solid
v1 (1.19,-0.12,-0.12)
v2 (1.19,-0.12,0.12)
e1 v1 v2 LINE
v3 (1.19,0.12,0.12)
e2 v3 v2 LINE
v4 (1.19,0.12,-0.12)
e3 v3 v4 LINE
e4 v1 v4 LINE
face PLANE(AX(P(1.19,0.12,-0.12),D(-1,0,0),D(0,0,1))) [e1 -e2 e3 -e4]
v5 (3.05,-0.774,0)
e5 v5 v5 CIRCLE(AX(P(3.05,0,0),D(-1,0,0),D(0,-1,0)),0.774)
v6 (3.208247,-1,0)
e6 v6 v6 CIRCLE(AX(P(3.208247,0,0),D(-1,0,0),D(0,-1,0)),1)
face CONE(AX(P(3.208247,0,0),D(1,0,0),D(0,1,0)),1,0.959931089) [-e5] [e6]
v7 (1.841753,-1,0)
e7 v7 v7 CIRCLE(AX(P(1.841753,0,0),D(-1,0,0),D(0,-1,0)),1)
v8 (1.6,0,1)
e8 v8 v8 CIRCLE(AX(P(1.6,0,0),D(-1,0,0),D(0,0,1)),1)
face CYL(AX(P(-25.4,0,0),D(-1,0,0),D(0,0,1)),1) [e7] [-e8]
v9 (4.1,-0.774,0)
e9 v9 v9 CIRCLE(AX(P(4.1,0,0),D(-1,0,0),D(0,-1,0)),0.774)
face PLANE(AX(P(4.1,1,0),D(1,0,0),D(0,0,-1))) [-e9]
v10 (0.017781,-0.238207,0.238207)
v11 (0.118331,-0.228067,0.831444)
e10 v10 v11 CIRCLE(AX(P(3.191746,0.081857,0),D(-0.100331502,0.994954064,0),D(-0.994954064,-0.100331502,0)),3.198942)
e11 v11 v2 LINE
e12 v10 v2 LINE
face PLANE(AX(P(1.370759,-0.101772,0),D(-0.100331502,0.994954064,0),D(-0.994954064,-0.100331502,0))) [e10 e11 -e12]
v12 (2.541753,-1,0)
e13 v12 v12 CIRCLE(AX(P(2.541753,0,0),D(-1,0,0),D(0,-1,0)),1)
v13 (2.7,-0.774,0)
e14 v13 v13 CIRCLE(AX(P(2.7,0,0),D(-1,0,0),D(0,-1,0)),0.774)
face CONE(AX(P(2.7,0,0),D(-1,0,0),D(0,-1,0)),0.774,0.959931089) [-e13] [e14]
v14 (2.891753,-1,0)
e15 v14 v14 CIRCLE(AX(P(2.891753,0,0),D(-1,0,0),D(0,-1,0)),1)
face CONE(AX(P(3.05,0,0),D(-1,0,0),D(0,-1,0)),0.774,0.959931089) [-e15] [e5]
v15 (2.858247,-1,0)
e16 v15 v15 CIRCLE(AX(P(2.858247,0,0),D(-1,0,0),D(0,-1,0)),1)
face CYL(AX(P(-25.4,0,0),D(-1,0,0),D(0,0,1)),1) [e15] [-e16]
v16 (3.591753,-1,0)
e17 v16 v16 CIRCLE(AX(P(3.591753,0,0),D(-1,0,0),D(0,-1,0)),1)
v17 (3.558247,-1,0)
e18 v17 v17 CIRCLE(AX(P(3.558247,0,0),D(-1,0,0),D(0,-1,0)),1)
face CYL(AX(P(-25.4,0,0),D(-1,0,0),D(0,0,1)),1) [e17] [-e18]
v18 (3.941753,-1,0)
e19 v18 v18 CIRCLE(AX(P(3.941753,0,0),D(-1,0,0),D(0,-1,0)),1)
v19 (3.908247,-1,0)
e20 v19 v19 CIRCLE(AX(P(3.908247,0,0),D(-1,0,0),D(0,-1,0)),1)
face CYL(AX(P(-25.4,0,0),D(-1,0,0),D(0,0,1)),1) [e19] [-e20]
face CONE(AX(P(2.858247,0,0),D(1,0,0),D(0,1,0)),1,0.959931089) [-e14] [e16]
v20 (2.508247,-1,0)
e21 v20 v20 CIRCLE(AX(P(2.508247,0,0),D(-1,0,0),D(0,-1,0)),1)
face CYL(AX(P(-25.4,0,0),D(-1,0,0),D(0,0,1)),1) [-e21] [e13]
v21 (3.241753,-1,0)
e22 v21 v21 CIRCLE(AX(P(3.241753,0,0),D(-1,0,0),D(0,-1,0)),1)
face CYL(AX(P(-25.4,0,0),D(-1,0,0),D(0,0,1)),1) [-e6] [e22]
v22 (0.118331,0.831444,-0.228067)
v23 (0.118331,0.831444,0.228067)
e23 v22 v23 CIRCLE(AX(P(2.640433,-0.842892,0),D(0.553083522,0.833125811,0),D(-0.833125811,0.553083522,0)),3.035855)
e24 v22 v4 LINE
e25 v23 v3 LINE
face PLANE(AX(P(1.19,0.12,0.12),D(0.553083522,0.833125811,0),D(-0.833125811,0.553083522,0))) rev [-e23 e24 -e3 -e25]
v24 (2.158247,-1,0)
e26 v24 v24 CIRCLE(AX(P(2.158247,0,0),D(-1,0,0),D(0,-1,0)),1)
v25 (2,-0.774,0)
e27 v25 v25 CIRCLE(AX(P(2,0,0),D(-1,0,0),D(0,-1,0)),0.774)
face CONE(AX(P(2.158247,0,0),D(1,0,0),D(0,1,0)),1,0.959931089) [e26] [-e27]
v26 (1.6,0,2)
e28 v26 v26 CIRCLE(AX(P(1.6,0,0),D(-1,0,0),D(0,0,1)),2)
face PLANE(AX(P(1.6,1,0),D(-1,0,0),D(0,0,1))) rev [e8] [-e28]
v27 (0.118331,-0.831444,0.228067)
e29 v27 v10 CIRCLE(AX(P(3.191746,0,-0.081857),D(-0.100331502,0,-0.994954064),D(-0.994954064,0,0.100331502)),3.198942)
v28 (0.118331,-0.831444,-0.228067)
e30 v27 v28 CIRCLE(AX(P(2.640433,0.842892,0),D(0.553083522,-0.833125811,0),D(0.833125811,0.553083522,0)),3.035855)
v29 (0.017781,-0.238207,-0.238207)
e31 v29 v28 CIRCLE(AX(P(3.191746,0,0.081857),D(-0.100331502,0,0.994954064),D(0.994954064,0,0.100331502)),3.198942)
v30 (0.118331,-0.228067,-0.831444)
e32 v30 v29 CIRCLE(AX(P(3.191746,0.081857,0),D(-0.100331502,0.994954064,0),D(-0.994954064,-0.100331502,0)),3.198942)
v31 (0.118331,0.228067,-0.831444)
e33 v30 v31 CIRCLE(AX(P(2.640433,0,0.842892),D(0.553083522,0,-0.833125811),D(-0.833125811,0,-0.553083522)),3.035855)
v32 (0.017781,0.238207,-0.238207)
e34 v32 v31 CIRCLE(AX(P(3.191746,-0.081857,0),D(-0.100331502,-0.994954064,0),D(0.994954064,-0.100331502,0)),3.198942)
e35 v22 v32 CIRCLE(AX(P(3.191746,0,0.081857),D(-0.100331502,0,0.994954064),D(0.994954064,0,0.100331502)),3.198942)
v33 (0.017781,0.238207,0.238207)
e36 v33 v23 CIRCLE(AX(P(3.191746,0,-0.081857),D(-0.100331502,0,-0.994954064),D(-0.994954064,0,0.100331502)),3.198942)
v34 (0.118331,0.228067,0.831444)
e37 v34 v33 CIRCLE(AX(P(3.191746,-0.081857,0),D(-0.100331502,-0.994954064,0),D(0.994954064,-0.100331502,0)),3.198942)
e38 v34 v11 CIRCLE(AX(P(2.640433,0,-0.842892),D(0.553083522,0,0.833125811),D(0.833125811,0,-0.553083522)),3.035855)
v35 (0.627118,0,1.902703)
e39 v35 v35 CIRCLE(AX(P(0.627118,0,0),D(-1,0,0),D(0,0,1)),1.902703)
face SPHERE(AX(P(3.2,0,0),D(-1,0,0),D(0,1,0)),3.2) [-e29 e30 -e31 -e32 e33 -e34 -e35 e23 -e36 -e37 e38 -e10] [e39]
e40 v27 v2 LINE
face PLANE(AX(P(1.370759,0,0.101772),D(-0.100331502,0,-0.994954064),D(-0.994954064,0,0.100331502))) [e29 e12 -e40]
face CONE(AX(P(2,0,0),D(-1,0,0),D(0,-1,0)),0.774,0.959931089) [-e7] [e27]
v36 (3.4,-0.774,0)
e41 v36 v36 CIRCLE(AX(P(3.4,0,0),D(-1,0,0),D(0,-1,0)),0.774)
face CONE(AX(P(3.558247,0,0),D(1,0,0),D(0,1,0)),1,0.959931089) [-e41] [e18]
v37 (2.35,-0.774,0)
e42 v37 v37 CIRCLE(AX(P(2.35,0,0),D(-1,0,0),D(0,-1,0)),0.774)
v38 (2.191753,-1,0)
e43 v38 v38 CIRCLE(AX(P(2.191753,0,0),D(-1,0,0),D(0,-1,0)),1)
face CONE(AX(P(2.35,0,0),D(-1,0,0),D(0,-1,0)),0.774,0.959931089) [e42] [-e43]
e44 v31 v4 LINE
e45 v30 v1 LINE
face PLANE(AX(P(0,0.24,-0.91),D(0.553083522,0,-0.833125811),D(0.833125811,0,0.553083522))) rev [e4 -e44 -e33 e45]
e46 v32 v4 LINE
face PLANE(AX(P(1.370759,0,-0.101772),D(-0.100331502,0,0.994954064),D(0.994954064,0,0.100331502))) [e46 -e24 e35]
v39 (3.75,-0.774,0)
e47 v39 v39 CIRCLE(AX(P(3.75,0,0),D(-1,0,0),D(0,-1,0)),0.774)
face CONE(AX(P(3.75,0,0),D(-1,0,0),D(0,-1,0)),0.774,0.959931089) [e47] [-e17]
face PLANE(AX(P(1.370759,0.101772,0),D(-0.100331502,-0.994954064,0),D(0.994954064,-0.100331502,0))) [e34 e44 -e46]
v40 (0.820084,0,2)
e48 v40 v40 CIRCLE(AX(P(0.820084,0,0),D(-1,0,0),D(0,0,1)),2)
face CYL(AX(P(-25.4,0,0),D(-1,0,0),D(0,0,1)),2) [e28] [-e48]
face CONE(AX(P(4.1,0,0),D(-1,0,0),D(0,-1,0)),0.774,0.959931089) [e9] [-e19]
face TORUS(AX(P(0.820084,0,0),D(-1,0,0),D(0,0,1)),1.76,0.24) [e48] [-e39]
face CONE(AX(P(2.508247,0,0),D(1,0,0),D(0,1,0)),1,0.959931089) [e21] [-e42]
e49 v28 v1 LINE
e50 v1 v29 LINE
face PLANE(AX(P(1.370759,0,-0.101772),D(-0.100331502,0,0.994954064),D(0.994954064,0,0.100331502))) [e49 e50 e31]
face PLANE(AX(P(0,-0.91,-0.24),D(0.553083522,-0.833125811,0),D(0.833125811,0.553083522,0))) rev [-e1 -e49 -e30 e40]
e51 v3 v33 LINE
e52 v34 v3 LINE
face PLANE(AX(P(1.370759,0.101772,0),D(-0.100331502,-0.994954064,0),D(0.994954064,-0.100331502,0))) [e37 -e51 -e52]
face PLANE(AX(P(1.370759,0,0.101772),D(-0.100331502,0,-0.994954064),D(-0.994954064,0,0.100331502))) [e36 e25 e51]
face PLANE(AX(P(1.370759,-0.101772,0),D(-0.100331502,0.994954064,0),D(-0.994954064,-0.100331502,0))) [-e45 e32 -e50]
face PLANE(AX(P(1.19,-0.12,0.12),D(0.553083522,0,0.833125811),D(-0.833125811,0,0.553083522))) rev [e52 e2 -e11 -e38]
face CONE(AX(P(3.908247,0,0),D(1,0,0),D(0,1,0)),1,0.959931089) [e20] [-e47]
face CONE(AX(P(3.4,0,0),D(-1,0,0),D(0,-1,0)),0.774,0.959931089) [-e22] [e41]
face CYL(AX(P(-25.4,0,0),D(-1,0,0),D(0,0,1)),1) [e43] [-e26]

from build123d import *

# Parameters (mm, degrees)
CIRPATTERN1_COUNT = 2
CIRPATTERN1_ANGLE = 90
THDSCHPAT_COUNT   = 7
THDSCHPAT_PITCH   = 0.35


with BuildPart() as part:
    # BodySke → Base-Revolve (revolve)
    with BuildSketch(Plane.XY, mode=Mode.PRIVATE) as base_revolve_sk:
        with BuildLine():
            Line((1.6, 1), (1.6, 2))
            Line((1.6, 2), (0.820084035, 2))
            ThreePointArc((0.820084035, 2), (0.712029995, 1.974299613), (0.627117876, 1.902702703))
            ThreePointArc((0.627117876, 1.902702703), (0.160820604, 1.001692868), (0, 0))
            Line((0, 0), (4.1, 0))
            Line((4.1, 0), (4.1, 1))
            Line((4.1, 1), (1.6, 1))
        make_face()
    revolve(base_revolve_sk.sketch.rotate(Axis((-25.4, 0, 0), (1, 0, 0)), 90), axis=Axis((-25.4, 0, 0), (1, 0, 0)))

    # Sketch3 → Cut-Loft1 section 0
    with BuildSketch(Plane(origin=(0, 0, 0), x_dir=(0, 0, -1), z_dir=(1, 0, 0))):
        with BuildLine():
            Line((0.24, -0.91), (-0.24, -0.91))
            Line((-0.24, -0.91), (-0.24, 0.91))
            Line((-0.24, 0.91), (0.24, 0.91))
            Line((0.24, 0.91), (0.24, -0.91))
        make_face()
    # Sketch4 → Cut-Loft1 section 1
    with BuildSketch(Plane(origin=(1.19, 0, 0), x_dir=(0, 0, -1), z_dir=(1, 0, 0))):
        with BuildLine():
            Line((0.12, -0.12), (-0.12, -0.12))
            Line((-0.12, -0.12), (-0.12, 0.12))
            Line((-0.12, 0.12), (0.12, 0.12))
            Line((0.12, 0.12), (0.12, -0.12))
        make_face()
    cut_loft1 = loft(mode=Mode.SUBTRACT)

    # CirPattern1: Cut-Loft1 ×2 about axis
    cirpattern1_axis = Axis((0, 0, 0), (1, 0, 0))
    for i in range(1, CIRPATTERN1_COUNT):
        add(cut_loft1.rotate(cirpattern1_axis, i * CIRPATTERN1_ANGLE / (CIRPATTERN1_COUNT - 1)), mode=Mode.SUBTRACT)

    # ThdSchSke → ThreadSchematic (revolve, cut)
    with BuildSketch(Plane.XY, mode=Mode.PRIVATE) as threadschematic_sk:
        Polygon((2, -0.774), (1.841753096, -1), (1.841753096, -1.25), (2.158246904, -1.25), (2.158246904, -1), align=None)
    threadschematic = revolve(threadschematic_sk.sketch.rotate(Axis((-3.175, 0, 0), (1, 0, 0)), 270), axis=Axis((-3.175, 0, 0), (1, 0, 0)), mode=Mode.SUBTRACT)

    # ThdSchPat: ThreadSchematic ×7
    with Locations(*[(i * THDSCHPAT_PITCH, 0, 0) for i in range(1, THDSCHPAT_COUNT)]):
        add(threadschematic, mode=Mode.SUBTRACT)


solid = part.part
